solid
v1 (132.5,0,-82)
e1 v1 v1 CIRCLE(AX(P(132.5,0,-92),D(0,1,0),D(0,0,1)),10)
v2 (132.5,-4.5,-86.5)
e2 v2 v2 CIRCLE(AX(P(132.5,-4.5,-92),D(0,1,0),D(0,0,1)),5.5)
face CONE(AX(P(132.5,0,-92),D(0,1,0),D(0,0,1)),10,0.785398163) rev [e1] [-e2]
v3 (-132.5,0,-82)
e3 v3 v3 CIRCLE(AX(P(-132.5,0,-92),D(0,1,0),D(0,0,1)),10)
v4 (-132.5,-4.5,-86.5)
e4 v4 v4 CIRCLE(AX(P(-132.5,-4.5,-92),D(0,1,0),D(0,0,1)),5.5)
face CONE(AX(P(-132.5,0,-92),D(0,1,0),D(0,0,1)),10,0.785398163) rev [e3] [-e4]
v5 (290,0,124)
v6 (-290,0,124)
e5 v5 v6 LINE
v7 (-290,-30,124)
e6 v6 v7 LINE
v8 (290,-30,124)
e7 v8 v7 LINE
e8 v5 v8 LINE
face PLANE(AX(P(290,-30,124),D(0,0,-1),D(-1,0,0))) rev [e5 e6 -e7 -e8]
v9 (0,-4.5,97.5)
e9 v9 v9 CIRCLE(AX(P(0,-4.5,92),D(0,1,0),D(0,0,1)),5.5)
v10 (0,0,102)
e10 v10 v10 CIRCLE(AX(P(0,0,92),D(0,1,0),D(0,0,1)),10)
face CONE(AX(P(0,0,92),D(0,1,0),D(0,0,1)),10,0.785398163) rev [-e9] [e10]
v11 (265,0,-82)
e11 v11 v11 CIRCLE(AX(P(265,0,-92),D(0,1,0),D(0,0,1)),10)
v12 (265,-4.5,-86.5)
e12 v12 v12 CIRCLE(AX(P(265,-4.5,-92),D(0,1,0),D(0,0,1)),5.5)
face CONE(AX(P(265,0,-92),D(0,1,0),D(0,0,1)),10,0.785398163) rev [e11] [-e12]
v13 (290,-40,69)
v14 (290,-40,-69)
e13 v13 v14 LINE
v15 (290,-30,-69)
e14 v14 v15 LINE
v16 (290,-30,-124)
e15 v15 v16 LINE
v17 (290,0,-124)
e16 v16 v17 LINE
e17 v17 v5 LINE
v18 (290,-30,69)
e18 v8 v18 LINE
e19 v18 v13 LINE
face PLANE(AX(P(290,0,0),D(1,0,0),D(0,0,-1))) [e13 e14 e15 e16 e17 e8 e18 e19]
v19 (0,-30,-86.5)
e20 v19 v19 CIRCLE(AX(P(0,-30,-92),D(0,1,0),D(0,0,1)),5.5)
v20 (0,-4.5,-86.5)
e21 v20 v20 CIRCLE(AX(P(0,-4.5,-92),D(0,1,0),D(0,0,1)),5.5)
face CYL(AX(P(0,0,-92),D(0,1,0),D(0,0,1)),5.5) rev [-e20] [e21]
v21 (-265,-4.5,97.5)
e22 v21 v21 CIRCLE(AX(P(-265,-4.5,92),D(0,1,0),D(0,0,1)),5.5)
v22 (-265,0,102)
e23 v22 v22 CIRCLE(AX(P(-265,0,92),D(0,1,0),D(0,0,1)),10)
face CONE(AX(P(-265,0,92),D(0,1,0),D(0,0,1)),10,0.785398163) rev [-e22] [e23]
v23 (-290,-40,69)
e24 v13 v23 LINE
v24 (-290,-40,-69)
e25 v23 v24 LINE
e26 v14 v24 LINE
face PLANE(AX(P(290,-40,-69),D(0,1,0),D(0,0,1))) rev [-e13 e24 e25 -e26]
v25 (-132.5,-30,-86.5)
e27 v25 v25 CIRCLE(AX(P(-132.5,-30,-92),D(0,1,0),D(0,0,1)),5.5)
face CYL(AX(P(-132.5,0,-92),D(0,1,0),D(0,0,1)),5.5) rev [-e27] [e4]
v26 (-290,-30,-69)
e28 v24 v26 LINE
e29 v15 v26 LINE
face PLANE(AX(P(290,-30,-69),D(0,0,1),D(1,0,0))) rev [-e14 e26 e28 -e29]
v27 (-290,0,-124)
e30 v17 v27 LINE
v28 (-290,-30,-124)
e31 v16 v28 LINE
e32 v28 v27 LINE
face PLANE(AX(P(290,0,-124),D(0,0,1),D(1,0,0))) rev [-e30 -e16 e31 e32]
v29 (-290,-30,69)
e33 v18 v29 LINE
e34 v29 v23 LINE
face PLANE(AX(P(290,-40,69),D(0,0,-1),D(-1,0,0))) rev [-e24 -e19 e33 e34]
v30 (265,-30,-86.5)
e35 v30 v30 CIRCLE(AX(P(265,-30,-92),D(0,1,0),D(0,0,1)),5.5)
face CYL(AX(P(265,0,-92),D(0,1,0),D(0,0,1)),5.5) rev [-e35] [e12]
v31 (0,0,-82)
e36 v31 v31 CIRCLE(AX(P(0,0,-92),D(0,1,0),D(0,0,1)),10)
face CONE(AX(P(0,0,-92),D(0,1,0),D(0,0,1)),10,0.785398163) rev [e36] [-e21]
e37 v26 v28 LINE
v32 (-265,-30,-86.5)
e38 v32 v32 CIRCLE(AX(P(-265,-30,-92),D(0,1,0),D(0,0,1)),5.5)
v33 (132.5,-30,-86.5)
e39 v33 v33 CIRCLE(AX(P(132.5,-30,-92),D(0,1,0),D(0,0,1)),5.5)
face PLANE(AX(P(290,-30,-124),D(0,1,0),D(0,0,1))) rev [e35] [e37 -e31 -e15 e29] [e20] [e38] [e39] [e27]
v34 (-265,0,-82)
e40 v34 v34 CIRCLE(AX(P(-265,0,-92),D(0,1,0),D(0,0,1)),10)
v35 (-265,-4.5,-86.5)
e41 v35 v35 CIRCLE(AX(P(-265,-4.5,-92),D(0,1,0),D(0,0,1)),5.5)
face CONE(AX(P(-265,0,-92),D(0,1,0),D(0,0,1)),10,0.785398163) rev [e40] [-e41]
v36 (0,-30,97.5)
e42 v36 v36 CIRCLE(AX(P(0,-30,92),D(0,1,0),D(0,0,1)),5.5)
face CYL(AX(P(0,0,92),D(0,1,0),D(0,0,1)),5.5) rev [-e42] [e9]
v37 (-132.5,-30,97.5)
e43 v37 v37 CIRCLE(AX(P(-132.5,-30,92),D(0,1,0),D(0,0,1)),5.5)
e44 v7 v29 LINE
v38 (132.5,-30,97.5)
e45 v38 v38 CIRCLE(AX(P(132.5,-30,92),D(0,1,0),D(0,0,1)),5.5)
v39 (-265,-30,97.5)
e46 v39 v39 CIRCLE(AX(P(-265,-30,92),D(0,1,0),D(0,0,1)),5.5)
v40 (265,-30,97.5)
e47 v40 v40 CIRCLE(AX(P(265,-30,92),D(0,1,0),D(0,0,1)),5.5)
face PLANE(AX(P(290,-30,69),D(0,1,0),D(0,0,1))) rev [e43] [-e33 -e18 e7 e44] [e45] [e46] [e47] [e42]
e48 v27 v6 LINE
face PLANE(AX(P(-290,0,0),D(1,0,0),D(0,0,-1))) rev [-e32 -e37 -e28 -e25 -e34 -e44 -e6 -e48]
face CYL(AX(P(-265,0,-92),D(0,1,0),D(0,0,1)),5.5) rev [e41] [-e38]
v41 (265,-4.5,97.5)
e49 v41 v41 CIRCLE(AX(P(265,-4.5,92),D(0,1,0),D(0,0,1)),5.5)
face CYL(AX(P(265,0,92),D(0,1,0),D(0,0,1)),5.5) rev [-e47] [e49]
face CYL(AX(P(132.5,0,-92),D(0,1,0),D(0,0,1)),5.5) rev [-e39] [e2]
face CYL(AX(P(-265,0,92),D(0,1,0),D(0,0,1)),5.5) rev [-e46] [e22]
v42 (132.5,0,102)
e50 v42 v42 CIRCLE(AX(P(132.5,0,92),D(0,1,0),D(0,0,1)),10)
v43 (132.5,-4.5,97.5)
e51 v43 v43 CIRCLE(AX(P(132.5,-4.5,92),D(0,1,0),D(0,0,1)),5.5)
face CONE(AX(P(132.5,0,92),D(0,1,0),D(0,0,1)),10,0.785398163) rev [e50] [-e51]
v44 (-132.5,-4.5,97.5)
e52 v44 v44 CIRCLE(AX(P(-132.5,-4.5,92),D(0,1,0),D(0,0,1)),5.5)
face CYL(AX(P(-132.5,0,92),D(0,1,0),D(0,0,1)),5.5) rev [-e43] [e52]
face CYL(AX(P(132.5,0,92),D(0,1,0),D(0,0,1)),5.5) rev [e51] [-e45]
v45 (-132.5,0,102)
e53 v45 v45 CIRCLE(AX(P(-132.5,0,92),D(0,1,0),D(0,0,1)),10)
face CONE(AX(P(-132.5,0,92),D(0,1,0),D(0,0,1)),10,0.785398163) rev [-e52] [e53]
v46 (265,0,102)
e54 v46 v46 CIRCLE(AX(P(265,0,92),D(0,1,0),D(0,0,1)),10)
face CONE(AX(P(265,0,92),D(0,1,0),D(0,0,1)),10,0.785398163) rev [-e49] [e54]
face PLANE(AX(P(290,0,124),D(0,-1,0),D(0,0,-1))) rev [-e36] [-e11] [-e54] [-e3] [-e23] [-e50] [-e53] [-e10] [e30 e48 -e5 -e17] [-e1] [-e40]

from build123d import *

# Parameters (mm, degrees)
BOSS_EXTRUDE1_DEPTH                              = 290
CSK_FOR_M10_FLAT_HEAD_MACHINE_SCREW1_D           = 11
CSK_FOR_M10_FLAT_HEAD_MACHINE_SCREW1_DEPTH       = 55.695266595
CSK_FOR_M10_FLAT_HEAD_MACHINE_SCREW1_CSINK_D     = 20
CSK_FOR_M10_FLAT_HEAD_MACHINE_SCREW1_CSINK_ANGLE = 90
CSK_FOR_M10_FLAT_HEAD_MACHINE_SCREW1_TIP         = 3.304733405


with BuildPart() as part:
    # Sketch2 → Boss-Extrude1 (new, symmetric)
    with BuildSketch(Plane(origin=(0, 0, 0), x_dir=(0, 0, -1), z_dir=(1, 0, 0))):
        Polygon((-124, 0), (124, 0), (124, -30), (69, -30), (69, -40), (-69, -40), (-69, -30), (-124, -30), align=None)
    extrude(amount=BOSS_EXTRUDE1_DEPTH, both=True)

    # CSK for M10 Flat Head Machine Screw1
    with Locations(Plane(origin=(-265, 0, -92), x_dir=(0, 0, 1), z_dir=(0, 1, 0))):
        with Locations((0, 0), (0, 132.5), (0, 265), (0, 397.5), (0, 530), (184, 530), (184, 397.5), (184, 265), (184, 132.5), (184, 0)):
            CounterSinkHole(CSK_FOR_M10_FLAT_HEAD_MACHINE_SCREW1_D / 2, CSK_FOR_M10_FLAT_HEAD_MACHINE_SCREW1_CSINK_D / 2, depth=CSK_FOR_M10_FLAT_HEAD_MACHINE_SCREW1_DEPTH, counter_sink_angle=CSK_FOR_M10_FLAT_HEAD_MACHINE_SCREW1_CSINK_ANGLE)
            with Locations((0, 0, -(CSK_FOR_M10_FLAT_HEAD_MACHINE_SCREW1_DEPTH + CSK_FOR_M10_FLAT_HEAD_MACHINE_SCREW1_TIP / 2))):  # 118° drill point
                Cone(0, CSK_FOR_M10_FLAT_HEAD_MACHINE_SCREW1_D / 2, CSK_FOR_M10_FLAT_HEAD_MACHINE_SCREW1_TIP, mode=Mode.SUBTRACT)


solid = part.part
